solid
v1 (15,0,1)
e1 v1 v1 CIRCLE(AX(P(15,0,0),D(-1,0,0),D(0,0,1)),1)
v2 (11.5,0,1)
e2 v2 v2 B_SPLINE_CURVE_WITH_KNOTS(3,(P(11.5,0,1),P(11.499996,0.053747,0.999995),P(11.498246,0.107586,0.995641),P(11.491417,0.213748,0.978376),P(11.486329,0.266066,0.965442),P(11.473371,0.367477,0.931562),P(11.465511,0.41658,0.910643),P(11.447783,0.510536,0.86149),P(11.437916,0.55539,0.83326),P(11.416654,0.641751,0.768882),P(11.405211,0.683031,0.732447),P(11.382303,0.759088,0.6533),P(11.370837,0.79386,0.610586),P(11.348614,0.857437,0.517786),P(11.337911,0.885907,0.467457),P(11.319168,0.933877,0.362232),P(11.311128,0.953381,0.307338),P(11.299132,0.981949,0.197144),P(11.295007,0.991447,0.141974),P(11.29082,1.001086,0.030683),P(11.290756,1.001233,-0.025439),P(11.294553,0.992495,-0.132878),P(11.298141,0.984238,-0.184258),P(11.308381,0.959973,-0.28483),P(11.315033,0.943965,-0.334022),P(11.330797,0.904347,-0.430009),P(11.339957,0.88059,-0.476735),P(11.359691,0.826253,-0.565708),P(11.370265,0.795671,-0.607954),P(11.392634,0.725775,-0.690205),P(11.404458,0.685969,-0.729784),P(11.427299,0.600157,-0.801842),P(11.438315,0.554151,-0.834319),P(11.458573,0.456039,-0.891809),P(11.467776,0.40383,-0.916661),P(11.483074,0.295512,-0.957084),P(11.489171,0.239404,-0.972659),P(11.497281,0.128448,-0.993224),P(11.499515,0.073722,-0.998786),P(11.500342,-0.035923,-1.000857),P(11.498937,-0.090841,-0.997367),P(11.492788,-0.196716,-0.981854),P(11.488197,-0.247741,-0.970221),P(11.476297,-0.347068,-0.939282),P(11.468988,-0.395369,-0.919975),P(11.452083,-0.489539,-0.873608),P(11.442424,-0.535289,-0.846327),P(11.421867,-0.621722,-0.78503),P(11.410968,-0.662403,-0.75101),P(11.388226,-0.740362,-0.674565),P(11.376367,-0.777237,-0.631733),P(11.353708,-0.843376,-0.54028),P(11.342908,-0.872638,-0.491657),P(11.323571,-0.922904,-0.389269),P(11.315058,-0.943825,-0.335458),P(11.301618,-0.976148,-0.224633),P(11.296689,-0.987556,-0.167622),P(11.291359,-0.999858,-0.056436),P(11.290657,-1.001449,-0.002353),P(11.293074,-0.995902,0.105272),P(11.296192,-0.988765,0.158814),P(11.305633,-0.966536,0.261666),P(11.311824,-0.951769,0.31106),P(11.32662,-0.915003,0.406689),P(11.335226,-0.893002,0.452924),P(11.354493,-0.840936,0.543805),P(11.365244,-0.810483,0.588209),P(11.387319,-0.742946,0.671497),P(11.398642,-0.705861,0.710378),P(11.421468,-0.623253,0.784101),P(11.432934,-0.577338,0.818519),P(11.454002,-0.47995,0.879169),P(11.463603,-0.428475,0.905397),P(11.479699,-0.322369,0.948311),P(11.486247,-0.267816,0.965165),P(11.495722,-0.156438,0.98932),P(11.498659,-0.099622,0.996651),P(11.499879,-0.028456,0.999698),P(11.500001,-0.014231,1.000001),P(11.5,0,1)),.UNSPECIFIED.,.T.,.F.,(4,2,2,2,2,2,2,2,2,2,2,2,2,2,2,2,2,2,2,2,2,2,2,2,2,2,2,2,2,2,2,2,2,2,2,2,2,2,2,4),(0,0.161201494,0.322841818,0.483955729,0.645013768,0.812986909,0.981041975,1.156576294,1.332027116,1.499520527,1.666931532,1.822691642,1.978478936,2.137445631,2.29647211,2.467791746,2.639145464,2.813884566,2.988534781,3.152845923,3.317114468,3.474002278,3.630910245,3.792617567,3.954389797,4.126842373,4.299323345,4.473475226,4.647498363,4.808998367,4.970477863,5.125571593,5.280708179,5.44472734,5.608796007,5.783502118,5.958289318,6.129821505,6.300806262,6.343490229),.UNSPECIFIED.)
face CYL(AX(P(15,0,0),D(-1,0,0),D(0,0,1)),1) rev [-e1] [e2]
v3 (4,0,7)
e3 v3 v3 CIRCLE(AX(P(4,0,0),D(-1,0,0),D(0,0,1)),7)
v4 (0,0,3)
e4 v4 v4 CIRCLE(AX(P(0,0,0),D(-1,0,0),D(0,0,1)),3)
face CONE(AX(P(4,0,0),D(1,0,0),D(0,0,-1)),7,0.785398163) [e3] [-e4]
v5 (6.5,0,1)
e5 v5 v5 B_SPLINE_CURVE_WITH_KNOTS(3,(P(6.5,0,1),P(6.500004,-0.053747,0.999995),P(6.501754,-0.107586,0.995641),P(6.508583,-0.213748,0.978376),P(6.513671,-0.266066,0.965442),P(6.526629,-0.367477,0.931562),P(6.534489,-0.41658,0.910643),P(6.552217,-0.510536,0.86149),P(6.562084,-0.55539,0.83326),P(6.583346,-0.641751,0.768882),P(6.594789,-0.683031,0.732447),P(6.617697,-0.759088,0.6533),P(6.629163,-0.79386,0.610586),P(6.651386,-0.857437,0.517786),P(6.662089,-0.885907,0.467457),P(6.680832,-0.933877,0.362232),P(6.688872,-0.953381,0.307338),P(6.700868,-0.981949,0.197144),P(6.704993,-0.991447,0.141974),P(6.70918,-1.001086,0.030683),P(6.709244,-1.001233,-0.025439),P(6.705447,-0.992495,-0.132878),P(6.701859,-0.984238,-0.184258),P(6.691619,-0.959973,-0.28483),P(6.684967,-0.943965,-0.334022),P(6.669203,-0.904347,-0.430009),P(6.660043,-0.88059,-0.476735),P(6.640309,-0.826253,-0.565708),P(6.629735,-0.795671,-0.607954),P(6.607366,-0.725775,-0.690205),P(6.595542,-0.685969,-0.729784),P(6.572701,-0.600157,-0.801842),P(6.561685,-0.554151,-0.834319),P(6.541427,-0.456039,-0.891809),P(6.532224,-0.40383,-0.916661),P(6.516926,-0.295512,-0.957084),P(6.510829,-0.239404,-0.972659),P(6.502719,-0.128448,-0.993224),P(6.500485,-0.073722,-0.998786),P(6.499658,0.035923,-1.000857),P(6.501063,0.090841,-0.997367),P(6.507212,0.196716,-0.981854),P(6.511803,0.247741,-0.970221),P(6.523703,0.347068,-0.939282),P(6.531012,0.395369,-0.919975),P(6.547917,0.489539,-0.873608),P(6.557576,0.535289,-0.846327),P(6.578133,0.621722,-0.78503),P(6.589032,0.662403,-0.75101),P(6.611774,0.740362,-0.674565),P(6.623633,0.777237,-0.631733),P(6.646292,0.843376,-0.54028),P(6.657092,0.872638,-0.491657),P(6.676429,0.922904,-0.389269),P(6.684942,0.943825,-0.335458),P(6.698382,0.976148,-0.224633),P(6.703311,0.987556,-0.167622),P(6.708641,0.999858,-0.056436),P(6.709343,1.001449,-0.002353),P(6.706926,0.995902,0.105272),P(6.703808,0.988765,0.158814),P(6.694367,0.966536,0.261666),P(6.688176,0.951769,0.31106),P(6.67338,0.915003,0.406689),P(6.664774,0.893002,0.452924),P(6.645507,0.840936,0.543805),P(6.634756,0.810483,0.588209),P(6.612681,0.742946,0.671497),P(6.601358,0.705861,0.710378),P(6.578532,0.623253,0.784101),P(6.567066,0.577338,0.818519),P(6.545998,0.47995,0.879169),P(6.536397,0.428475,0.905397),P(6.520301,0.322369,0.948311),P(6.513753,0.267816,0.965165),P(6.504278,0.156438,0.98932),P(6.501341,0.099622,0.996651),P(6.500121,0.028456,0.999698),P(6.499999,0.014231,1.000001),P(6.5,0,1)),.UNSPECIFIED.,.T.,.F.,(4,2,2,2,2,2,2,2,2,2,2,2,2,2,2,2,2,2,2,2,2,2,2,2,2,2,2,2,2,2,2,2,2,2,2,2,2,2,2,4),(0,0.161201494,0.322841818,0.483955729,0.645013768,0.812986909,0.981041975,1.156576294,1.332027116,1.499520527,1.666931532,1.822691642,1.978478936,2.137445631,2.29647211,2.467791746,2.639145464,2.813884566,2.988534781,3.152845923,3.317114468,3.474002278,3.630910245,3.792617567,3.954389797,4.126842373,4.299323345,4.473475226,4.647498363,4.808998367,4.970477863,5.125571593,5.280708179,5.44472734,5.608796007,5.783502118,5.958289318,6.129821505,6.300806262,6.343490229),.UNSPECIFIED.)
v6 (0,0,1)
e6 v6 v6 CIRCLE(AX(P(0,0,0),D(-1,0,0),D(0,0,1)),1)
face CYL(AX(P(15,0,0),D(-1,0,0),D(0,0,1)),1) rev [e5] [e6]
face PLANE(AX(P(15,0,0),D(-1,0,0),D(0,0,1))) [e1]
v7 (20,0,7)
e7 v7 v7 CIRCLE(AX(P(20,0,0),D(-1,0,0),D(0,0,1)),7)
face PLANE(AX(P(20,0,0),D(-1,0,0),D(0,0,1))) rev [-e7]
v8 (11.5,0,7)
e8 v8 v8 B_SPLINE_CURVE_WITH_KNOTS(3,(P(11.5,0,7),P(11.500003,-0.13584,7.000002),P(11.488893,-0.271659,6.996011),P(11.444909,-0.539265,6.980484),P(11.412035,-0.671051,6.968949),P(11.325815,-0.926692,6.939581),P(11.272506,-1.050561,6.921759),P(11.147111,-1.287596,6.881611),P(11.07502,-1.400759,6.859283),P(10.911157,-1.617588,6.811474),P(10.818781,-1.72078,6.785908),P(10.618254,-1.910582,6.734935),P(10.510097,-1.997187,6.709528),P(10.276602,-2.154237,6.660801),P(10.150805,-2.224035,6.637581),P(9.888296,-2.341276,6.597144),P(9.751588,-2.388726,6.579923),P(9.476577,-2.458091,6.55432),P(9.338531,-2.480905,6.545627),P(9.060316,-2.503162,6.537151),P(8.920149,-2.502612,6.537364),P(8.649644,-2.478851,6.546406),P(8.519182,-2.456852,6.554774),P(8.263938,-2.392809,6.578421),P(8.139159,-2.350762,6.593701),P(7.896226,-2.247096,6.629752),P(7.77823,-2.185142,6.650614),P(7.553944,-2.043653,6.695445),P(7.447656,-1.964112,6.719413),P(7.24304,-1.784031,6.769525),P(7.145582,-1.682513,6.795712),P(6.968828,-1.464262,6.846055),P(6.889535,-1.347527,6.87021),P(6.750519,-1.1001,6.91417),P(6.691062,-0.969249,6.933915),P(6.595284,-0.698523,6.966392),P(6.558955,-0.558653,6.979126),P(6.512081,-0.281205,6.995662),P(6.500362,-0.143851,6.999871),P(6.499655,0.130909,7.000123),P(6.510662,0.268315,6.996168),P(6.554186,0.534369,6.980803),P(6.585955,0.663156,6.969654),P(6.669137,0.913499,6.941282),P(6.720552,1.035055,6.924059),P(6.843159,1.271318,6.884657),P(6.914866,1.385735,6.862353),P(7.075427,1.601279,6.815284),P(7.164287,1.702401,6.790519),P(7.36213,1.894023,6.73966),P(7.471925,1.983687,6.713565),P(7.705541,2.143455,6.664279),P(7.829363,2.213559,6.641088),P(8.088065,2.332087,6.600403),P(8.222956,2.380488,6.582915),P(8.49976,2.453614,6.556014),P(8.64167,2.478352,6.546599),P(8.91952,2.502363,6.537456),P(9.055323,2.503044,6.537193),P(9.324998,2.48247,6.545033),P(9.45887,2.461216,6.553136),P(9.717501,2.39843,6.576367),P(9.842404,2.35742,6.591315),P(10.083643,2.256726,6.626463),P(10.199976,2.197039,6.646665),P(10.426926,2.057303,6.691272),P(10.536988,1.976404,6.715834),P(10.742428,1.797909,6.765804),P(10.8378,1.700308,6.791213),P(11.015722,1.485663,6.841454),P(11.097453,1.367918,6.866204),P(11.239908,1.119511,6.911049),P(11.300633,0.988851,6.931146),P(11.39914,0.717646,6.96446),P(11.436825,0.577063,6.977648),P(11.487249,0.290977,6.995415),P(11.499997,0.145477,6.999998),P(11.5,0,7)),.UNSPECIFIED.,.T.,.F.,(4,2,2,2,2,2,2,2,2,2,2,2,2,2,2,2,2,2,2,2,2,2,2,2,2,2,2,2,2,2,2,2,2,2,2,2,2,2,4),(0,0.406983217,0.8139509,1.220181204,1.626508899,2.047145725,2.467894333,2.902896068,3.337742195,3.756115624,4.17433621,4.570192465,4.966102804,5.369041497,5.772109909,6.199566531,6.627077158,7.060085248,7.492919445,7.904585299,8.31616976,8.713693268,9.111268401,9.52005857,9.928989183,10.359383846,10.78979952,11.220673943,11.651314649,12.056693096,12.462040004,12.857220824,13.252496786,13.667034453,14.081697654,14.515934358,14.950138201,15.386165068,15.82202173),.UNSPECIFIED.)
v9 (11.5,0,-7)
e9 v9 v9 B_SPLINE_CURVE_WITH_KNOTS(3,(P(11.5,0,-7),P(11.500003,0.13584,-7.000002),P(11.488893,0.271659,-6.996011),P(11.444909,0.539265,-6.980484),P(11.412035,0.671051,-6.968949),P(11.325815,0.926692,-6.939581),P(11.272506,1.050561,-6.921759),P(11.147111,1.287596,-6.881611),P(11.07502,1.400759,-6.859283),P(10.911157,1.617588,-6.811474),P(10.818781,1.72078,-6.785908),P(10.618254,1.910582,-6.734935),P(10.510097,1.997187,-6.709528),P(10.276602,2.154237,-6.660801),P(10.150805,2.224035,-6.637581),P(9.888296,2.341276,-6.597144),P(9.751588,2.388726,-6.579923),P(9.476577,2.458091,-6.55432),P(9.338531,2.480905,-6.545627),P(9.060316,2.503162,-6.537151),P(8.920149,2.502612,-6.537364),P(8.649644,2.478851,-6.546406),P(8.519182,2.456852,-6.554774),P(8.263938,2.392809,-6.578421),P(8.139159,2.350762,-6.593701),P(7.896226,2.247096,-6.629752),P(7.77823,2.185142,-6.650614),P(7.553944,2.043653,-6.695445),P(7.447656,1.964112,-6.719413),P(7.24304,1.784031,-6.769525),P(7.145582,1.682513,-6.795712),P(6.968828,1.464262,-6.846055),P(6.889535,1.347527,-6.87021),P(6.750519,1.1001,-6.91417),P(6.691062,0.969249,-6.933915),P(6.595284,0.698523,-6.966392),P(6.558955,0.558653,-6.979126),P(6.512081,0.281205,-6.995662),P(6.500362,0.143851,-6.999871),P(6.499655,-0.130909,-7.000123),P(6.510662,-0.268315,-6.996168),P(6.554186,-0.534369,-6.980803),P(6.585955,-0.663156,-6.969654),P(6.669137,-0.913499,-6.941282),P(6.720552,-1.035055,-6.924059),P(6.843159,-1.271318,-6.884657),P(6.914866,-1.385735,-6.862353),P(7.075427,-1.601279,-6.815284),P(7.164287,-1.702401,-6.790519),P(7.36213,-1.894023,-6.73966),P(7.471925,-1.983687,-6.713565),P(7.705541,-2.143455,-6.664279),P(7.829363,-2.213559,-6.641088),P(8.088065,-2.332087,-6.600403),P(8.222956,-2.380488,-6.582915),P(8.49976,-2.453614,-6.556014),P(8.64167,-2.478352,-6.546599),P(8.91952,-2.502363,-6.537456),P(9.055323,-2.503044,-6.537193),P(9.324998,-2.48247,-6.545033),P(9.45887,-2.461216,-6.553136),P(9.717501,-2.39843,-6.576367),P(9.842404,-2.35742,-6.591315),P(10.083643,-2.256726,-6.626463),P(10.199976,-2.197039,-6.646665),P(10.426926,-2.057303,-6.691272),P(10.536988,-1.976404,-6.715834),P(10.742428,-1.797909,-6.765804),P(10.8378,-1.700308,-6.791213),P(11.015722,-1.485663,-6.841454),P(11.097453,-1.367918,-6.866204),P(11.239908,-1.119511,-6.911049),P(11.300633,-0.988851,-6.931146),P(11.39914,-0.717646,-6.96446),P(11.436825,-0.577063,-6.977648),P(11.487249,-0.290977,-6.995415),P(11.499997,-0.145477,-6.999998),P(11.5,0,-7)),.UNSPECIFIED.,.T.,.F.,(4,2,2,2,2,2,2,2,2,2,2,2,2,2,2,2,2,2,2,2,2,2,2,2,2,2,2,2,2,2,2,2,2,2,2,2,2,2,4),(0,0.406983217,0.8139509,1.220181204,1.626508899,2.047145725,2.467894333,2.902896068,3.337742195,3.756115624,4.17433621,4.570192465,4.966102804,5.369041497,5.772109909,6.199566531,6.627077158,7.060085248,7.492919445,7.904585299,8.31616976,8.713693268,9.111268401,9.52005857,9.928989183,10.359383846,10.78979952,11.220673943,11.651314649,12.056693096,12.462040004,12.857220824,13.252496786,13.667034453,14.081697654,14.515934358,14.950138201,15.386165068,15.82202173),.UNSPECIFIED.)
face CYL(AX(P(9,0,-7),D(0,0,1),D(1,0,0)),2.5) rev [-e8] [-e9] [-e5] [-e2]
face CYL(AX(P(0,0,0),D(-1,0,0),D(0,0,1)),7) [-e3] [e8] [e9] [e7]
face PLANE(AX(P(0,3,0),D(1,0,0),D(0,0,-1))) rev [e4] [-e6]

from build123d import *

# Parameters (mm, degrees)
SKETCH2_R               = 1
CUT_EXTRUDE1_DEPTH      = 15
CUT_EXTRUDE2_DEPTH      = 26.396850198
CUT_EXTRUDE2_DEPTH_BACK = 26.396850198
SKETCH3_R               = 2.5


with BuildPart() as part:
    # Sketch1 → Revolve1 (revolve)
    with BuildSketch(Plane.XY, mode=Mode.PRIVATE) as revolve1_sk:
        Polygon((0, 3), (0, 0), (20, 0), (20, 7), (4, 7), align=None)
    revolve(revolve1_sk.sketch.rotate(Axis((0, 0, 0), (1, 0, 0)), 90), axis=Axis((0, 0, 0), (1, 0, 0)))

    # Sketch2 → Cut-Extrude1 (cut)
    with BuildSketch(Plane.ZY):
        Circle(SKETCH2_R)
    extrude(amount=-CUT_EXTRUDE1_DEPTH, mode=Mode.SUBTRACT)

    # Sketch3 → Cut-Extrude2 (cut, two sides: drawn at the far end of the back side and taken through both)
    with BuildSketch(Plane.XY.offset(7).offset(-CUT_EXTRUDE2_DEPTH_BACK)):
        with Locations((9, 0)):
            Circle(SKETCH3_R)
    extrude(amount=CUT_EXTRUDE2_DEPTH + CUT_EXTRUDE2_DEPTH_BACK, mode=Mode.SUBTRACT)


solid = part.part
